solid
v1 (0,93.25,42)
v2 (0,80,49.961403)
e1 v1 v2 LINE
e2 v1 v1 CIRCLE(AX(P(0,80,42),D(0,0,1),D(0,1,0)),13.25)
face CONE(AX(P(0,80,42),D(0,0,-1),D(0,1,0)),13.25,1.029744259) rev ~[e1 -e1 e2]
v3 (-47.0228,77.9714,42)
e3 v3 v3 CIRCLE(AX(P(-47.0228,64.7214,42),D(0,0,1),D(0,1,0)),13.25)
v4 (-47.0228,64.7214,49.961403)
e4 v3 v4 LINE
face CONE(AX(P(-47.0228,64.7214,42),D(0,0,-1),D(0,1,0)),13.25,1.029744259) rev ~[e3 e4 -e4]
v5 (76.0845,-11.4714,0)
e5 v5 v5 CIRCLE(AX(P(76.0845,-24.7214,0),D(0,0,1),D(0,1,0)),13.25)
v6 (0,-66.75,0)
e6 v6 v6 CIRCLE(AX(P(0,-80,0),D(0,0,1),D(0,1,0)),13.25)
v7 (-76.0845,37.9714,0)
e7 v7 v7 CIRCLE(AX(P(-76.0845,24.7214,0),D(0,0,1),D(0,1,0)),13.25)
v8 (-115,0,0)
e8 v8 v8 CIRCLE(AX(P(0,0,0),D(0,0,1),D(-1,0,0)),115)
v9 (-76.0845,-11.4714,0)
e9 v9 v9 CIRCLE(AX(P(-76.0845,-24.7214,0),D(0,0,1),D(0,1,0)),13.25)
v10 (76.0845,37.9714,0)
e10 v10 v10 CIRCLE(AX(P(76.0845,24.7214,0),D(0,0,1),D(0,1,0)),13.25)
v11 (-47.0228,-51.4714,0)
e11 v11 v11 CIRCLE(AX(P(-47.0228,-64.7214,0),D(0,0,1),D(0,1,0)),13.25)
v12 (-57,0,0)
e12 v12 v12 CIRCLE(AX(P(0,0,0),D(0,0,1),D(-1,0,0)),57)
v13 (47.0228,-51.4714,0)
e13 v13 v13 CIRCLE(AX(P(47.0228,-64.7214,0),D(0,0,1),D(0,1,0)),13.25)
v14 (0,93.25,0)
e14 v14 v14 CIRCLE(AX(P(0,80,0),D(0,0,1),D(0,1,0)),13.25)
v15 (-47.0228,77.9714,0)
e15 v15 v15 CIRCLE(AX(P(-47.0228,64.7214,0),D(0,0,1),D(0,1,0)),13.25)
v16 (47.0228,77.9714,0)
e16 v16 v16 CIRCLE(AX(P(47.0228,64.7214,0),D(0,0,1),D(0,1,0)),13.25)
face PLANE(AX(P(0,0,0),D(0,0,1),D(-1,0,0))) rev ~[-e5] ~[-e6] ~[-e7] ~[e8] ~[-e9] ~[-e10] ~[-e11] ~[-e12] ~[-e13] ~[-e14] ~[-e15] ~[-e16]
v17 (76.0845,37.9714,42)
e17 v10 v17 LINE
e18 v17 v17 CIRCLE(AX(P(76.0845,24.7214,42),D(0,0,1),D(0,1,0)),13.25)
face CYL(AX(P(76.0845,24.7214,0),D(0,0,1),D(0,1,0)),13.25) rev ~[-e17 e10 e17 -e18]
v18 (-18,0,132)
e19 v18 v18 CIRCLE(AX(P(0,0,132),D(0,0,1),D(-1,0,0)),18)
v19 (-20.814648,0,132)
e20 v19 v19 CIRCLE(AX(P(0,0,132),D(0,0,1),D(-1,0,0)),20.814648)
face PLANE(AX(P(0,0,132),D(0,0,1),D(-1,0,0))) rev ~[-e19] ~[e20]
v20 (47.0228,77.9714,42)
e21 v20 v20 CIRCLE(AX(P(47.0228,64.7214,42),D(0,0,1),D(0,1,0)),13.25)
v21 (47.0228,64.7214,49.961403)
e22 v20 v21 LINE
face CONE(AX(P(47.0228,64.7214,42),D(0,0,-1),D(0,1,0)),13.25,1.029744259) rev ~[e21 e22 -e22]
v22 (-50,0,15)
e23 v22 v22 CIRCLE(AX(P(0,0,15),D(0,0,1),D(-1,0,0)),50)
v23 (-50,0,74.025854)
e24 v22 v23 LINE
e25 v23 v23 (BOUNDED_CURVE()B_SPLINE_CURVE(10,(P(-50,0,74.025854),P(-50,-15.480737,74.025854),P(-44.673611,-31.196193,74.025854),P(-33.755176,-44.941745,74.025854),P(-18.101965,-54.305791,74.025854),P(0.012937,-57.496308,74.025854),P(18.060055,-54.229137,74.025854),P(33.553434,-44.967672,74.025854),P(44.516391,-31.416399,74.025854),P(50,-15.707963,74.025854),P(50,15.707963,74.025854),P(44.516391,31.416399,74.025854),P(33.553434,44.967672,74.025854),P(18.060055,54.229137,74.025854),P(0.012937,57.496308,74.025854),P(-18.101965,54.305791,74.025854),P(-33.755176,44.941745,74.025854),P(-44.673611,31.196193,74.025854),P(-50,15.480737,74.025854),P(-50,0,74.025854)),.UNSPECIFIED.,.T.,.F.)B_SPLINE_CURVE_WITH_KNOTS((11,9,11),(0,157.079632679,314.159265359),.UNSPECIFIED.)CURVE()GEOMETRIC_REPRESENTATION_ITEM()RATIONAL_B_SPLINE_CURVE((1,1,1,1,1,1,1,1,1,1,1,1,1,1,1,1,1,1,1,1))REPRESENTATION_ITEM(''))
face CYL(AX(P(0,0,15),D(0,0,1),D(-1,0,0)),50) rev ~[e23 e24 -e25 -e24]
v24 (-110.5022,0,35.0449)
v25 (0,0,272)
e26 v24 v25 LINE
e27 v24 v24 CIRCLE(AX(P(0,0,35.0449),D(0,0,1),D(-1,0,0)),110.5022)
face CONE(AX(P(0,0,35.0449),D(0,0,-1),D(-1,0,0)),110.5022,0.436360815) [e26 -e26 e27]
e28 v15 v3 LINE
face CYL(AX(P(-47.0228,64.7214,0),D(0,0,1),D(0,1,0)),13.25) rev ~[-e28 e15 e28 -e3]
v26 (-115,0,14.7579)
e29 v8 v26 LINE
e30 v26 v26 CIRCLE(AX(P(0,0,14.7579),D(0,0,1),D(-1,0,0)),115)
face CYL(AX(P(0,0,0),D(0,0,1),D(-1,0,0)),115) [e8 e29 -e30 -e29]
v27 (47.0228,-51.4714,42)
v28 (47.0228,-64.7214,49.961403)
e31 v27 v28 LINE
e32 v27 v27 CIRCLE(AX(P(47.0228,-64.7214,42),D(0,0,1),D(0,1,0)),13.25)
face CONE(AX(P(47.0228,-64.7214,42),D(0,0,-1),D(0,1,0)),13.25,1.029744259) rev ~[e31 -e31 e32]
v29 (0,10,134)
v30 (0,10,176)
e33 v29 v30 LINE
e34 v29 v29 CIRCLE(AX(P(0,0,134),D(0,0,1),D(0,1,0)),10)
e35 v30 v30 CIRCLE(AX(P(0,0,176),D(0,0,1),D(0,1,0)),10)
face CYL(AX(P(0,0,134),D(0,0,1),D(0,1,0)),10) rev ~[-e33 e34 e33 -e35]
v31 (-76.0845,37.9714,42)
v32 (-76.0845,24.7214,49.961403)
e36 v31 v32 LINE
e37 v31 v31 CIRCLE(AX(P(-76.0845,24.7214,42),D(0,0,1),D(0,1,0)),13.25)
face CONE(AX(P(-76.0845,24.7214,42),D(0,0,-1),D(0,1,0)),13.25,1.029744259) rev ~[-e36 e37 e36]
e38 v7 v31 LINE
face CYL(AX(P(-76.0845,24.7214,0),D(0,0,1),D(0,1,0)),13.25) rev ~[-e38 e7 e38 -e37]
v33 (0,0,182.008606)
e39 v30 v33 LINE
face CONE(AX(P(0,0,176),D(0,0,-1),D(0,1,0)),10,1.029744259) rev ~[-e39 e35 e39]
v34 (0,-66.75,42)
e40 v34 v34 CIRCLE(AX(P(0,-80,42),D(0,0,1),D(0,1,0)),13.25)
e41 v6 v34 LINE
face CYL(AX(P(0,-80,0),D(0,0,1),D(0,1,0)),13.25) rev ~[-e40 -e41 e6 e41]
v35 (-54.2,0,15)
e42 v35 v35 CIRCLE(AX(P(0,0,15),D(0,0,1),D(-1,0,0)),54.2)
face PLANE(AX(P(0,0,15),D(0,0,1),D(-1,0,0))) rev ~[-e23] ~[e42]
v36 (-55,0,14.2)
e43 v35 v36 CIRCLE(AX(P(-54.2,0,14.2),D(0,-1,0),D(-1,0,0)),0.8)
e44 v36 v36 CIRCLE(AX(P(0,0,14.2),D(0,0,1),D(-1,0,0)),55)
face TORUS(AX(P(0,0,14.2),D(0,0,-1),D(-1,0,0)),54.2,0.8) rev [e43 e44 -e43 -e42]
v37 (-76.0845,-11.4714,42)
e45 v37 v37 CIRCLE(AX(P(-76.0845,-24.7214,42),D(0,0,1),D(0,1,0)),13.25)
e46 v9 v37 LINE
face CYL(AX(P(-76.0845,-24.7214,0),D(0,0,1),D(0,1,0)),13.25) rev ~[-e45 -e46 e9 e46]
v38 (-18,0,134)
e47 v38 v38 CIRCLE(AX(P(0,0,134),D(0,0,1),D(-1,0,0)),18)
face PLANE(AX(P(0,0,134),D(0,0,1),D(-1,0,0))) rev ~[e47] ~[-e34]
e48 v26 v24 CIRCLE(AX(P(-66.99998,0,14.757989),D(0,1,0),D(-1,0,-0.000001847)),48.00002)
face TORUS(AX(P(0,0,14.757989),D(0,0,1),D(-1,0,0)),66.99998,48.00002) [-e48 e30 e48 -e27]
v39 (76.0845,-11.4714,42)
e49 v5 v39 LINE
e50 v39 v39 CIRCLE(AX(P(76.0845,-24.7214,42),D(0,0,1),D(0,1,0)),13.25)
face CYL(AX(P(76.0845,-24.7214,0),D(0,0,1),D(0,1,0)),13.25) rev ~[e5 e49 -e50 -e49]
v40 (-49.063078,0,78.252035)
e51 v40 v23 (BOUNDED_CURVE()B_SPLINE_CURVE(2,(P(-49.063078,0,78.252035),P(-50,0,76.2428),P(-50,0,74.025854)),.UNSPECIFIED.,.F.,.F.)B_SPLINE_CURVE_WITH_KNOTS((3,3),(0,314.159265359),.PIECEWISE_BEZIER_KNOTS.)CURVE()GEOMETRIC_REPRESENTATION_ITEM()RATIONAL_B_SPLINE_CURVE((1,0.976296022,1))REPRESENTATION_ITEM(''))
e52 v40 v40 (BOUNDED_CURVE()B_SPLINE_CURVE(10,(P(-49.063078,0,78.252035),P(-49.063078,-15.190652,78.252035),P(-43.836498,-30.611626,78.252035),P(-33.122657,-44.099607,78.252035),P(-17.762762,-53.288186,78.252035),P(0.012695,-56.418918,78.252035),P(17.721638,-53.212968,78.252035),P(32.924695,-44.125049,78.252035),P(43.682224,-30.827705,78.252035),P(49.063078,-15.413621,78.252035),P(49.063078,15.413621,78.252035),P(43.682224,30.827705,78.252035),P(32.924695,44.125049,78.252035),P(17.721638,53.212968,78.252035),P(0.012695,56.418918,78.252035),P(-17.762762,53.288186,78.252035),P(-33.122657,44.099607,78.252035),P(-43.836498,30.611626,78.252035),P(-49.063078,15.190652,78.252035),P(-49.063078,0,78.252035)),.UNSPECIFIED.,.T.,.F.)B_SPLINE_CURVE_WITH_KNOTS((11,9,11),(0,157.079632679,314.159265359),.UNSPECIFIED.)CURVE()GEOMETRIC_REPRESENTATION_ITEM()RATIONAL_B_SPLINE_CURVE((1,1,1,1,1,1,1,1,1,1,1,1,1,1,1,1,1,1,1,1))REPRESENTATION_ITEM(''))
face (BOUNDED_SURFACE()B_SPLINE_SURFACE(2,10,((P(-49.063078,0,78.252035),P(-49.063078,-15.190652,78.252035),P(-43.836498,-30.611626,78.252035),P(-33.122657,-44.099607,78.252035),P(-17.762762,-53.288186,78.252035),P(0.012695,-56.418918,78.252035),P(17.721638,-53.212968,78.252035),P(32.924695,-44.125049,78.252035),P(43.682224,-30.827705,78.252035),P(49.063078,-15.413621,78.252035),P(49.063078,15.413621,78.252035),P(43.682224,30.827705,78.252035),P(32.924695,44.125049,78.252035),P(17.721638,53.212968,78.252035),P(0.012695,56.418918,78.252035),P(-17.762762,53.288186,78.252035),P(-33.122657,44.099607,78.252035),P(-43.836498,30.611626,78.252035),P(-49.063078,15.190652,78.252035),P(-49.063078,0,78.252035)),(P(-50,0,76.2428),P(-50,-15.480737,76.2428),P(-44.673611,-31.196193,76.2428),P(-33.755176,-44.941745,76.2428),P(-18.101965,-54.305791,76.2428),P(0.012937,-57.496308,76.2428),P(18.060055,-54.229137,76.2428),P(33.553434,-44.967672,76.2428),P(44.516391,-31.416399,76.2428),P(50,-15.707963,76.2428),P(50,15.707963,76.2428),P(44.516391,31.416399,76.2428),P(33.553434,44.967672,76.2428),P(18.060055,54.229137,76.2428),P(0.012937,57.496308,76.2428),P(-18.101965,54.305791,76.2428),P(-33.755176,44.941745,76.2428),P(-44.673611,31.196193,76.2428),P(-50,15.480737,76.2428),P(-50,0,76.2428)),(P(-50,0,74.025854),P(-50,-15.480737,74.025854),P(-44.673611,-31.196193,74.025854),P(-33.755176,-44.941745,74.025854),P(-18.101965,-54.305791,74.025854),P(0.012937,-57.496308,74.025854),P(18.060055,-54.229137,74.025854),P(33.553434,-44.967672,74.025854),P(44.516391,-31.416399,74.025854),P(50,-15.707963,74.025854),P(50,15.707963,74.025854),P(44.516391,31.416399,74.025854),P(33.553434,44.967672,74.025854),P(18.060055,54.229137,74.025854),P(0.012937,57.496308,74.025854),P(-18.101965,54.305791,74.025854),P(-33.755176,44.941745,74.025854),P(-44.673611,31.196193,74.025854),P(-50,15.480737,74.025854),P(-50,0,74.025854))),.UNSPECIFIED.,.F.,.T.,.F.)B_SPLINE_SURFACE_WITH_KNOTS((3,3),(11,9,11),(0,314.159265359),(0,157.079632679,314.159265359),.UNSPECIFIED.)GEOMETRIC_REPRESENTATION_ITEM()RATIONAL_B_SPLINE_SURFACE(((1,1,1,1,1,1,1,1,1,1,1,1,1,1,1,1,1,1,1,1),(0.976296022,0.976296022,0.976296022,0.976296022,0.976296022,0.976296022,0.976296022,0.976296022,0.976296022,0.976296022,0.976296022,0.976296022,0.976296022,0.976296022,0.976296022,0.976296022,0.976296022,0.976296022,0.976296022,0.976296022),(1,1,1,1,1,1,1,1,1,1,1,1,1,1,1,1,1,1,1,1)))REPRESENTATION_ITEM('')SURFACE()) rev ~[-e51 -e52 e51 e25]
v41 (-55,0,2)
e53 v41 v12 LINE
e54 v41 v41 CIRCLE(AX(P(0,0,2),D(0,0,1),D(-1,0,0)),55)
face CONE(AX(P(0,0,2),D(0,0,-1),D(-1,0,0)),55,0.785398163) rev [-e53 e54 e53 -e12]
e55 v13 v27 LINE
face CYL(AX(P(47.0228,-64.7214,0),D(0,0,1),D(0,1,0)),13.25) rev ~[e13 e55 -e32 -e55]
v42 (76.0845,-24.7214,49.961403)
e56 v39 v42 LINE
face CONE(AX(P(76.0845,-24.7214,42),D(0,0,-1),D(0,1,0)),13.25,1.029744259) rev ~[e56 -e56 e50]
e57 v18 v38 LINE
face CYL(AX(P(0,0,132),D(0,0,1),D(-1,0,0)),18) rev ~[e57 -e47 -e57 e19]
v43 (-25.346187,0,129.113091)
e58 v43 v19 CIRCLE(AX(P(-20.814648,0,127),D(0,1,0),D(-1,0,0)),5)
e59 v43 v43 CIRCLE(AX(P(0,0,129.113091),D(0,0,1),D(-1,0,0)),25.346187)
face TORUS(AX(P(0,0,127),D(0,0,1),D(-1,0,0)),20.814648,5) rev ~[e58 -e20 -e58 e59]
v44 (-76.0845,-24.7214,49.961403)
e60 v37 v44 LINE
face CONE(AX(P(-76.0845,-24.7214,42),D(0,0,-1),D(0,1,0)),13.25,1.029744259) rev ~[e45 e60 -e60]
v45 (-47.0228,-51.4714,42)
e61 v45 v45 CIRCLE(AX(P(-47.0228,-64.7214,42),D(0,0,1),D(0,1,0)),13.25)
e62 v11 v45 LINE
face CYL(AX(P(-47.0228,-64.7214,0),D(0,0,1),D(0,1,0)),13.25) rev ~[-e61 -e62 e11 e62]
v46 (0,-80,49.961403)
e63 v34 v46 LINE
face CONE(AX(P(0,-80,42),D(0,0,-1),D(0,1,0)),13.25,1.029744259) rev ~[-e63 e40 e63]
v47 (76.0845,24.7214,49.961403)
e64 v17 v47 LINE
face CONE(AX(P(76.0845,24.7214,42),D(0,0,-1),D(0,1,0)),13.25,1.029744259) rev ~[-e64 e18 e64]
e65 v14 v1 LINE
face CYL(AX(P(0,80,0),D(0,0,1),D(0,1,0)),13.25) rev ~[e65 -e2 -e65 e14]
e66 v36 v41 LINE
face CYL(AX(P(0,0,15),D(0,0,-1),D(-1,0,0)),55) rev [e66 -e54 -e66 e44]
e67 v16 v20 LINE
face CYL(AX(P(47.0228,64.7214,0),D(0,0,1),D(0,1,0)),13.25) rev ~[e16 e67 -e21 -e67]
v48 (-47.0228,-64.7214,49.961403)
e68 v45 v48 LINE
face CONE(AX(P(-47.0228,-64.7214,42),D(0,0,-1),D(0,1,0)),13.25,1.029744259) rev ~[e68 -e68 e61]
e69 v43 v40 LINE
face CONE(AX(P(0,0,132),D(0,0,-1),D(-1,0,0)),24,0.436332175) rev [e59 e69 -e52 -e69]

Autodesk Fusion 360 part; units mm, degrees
sketch "Sketch1" plane through (0, 0, 0) normal (0, 1, 0) x (1, 0, 0)
  line L0 (-115, 0) -> (-115, -14.7579)
  line L1 (-110.5022, -35.0449) -> (0, -272)
  arc A0 (-115, -14.7579) -> (-110.5022, -35.0449) centre (-67, -14.7579) ccw
  line L2 (-55, -15) -> (-50, -15)
  line L3 (-24, -132) -> (-50, -76.2428)
  line L4 (-24, -132) -> (-24, -70.4788) construction
  line L5 (-24, -132) -> (-18, -132)
  line L6 (-18, -132) -> (-18, -134)
  line L7 (-18, -134) -> (0, -134)
  line L8 (0, -134) -> (0, -272)
  line L9 (-50, -15) -> (-50, -76.2428)
  line L10 (-55, -2) -> (-57, 0)
  line L11 (-115, 0) -> (-57, 0)
  line L12 (-55, -15) -> (-55, -2)
  point P0 (-115, -25.4)
  dimension "d3" = 25.4
  dimension "d4" = 48
  dimension "d12" = 25
revolve "Revolve2" add sketch "Sketch1" angle 360 about axis through (0, 0, 1.75) along (0, 0, 1)
hole "Hole1" at (0, 0, 134) direction (0, 0, 1) diameter 20 depth 42 tip angle 118
thread "Thread1" thread offset 0 thread length 30
fillet "Fillet3" radius 5 1 edges at (-22.3759, 8.6788, 132)
fillet "Fillet4" radius 10 1 edges at (-46.6164, 18.0808, 76.2428)
fillet "Fillet5" radius 0.8 1 edges at (-51.278, 19.8888, 15)
sketch "Sketch2" plane through (0, 0, 0) normal (0, 0, -1) x (-1, 0, 0)
  circle A0 centre (0, 0) radius 115
  circle A1 centre (0, 0) radius 57
  circle A2 centre (0, 0) radius 80
  circle A3 centre (0, 80) radius 13.25
  point P0 (-47.0228, 64.7214)
  point P1 (-76.0845, 24.7214)
  point P2 (-76.0845, -24.7214)
  point P3 (-47.0228, -64.7214)
  point P4 (0, -80)
  point P5 (47.0228, -64.7214)
  point P6 (76.0845, -24.7214)
  point P7 (76.0845, 24.7214)
  point P8 (47.0228, 64.7214)
  dimension "d31" = 160
  dimension "d32" = 26.5
  dimension "d35" = 360
hole "Hole2" at (0, 80, 0) at (-76.0845, 24.7214, 0) at (-76.0845, -24.7214, 0) at (-47.0228, 64.7214, 0) at (47.0228, 64.7214, 0) at (76.0845, 24.7214, 0) at (76.0845, -24.7214, 0) at (47.0228, -64.7214, 0) at (0, -80, 0) at (-47.0228, -64.7214, 0) direction (0, 0, 1) diameter 26.5 depth 42 tip angle 118
thread "Thread2" thread offset 0 thread length 33
